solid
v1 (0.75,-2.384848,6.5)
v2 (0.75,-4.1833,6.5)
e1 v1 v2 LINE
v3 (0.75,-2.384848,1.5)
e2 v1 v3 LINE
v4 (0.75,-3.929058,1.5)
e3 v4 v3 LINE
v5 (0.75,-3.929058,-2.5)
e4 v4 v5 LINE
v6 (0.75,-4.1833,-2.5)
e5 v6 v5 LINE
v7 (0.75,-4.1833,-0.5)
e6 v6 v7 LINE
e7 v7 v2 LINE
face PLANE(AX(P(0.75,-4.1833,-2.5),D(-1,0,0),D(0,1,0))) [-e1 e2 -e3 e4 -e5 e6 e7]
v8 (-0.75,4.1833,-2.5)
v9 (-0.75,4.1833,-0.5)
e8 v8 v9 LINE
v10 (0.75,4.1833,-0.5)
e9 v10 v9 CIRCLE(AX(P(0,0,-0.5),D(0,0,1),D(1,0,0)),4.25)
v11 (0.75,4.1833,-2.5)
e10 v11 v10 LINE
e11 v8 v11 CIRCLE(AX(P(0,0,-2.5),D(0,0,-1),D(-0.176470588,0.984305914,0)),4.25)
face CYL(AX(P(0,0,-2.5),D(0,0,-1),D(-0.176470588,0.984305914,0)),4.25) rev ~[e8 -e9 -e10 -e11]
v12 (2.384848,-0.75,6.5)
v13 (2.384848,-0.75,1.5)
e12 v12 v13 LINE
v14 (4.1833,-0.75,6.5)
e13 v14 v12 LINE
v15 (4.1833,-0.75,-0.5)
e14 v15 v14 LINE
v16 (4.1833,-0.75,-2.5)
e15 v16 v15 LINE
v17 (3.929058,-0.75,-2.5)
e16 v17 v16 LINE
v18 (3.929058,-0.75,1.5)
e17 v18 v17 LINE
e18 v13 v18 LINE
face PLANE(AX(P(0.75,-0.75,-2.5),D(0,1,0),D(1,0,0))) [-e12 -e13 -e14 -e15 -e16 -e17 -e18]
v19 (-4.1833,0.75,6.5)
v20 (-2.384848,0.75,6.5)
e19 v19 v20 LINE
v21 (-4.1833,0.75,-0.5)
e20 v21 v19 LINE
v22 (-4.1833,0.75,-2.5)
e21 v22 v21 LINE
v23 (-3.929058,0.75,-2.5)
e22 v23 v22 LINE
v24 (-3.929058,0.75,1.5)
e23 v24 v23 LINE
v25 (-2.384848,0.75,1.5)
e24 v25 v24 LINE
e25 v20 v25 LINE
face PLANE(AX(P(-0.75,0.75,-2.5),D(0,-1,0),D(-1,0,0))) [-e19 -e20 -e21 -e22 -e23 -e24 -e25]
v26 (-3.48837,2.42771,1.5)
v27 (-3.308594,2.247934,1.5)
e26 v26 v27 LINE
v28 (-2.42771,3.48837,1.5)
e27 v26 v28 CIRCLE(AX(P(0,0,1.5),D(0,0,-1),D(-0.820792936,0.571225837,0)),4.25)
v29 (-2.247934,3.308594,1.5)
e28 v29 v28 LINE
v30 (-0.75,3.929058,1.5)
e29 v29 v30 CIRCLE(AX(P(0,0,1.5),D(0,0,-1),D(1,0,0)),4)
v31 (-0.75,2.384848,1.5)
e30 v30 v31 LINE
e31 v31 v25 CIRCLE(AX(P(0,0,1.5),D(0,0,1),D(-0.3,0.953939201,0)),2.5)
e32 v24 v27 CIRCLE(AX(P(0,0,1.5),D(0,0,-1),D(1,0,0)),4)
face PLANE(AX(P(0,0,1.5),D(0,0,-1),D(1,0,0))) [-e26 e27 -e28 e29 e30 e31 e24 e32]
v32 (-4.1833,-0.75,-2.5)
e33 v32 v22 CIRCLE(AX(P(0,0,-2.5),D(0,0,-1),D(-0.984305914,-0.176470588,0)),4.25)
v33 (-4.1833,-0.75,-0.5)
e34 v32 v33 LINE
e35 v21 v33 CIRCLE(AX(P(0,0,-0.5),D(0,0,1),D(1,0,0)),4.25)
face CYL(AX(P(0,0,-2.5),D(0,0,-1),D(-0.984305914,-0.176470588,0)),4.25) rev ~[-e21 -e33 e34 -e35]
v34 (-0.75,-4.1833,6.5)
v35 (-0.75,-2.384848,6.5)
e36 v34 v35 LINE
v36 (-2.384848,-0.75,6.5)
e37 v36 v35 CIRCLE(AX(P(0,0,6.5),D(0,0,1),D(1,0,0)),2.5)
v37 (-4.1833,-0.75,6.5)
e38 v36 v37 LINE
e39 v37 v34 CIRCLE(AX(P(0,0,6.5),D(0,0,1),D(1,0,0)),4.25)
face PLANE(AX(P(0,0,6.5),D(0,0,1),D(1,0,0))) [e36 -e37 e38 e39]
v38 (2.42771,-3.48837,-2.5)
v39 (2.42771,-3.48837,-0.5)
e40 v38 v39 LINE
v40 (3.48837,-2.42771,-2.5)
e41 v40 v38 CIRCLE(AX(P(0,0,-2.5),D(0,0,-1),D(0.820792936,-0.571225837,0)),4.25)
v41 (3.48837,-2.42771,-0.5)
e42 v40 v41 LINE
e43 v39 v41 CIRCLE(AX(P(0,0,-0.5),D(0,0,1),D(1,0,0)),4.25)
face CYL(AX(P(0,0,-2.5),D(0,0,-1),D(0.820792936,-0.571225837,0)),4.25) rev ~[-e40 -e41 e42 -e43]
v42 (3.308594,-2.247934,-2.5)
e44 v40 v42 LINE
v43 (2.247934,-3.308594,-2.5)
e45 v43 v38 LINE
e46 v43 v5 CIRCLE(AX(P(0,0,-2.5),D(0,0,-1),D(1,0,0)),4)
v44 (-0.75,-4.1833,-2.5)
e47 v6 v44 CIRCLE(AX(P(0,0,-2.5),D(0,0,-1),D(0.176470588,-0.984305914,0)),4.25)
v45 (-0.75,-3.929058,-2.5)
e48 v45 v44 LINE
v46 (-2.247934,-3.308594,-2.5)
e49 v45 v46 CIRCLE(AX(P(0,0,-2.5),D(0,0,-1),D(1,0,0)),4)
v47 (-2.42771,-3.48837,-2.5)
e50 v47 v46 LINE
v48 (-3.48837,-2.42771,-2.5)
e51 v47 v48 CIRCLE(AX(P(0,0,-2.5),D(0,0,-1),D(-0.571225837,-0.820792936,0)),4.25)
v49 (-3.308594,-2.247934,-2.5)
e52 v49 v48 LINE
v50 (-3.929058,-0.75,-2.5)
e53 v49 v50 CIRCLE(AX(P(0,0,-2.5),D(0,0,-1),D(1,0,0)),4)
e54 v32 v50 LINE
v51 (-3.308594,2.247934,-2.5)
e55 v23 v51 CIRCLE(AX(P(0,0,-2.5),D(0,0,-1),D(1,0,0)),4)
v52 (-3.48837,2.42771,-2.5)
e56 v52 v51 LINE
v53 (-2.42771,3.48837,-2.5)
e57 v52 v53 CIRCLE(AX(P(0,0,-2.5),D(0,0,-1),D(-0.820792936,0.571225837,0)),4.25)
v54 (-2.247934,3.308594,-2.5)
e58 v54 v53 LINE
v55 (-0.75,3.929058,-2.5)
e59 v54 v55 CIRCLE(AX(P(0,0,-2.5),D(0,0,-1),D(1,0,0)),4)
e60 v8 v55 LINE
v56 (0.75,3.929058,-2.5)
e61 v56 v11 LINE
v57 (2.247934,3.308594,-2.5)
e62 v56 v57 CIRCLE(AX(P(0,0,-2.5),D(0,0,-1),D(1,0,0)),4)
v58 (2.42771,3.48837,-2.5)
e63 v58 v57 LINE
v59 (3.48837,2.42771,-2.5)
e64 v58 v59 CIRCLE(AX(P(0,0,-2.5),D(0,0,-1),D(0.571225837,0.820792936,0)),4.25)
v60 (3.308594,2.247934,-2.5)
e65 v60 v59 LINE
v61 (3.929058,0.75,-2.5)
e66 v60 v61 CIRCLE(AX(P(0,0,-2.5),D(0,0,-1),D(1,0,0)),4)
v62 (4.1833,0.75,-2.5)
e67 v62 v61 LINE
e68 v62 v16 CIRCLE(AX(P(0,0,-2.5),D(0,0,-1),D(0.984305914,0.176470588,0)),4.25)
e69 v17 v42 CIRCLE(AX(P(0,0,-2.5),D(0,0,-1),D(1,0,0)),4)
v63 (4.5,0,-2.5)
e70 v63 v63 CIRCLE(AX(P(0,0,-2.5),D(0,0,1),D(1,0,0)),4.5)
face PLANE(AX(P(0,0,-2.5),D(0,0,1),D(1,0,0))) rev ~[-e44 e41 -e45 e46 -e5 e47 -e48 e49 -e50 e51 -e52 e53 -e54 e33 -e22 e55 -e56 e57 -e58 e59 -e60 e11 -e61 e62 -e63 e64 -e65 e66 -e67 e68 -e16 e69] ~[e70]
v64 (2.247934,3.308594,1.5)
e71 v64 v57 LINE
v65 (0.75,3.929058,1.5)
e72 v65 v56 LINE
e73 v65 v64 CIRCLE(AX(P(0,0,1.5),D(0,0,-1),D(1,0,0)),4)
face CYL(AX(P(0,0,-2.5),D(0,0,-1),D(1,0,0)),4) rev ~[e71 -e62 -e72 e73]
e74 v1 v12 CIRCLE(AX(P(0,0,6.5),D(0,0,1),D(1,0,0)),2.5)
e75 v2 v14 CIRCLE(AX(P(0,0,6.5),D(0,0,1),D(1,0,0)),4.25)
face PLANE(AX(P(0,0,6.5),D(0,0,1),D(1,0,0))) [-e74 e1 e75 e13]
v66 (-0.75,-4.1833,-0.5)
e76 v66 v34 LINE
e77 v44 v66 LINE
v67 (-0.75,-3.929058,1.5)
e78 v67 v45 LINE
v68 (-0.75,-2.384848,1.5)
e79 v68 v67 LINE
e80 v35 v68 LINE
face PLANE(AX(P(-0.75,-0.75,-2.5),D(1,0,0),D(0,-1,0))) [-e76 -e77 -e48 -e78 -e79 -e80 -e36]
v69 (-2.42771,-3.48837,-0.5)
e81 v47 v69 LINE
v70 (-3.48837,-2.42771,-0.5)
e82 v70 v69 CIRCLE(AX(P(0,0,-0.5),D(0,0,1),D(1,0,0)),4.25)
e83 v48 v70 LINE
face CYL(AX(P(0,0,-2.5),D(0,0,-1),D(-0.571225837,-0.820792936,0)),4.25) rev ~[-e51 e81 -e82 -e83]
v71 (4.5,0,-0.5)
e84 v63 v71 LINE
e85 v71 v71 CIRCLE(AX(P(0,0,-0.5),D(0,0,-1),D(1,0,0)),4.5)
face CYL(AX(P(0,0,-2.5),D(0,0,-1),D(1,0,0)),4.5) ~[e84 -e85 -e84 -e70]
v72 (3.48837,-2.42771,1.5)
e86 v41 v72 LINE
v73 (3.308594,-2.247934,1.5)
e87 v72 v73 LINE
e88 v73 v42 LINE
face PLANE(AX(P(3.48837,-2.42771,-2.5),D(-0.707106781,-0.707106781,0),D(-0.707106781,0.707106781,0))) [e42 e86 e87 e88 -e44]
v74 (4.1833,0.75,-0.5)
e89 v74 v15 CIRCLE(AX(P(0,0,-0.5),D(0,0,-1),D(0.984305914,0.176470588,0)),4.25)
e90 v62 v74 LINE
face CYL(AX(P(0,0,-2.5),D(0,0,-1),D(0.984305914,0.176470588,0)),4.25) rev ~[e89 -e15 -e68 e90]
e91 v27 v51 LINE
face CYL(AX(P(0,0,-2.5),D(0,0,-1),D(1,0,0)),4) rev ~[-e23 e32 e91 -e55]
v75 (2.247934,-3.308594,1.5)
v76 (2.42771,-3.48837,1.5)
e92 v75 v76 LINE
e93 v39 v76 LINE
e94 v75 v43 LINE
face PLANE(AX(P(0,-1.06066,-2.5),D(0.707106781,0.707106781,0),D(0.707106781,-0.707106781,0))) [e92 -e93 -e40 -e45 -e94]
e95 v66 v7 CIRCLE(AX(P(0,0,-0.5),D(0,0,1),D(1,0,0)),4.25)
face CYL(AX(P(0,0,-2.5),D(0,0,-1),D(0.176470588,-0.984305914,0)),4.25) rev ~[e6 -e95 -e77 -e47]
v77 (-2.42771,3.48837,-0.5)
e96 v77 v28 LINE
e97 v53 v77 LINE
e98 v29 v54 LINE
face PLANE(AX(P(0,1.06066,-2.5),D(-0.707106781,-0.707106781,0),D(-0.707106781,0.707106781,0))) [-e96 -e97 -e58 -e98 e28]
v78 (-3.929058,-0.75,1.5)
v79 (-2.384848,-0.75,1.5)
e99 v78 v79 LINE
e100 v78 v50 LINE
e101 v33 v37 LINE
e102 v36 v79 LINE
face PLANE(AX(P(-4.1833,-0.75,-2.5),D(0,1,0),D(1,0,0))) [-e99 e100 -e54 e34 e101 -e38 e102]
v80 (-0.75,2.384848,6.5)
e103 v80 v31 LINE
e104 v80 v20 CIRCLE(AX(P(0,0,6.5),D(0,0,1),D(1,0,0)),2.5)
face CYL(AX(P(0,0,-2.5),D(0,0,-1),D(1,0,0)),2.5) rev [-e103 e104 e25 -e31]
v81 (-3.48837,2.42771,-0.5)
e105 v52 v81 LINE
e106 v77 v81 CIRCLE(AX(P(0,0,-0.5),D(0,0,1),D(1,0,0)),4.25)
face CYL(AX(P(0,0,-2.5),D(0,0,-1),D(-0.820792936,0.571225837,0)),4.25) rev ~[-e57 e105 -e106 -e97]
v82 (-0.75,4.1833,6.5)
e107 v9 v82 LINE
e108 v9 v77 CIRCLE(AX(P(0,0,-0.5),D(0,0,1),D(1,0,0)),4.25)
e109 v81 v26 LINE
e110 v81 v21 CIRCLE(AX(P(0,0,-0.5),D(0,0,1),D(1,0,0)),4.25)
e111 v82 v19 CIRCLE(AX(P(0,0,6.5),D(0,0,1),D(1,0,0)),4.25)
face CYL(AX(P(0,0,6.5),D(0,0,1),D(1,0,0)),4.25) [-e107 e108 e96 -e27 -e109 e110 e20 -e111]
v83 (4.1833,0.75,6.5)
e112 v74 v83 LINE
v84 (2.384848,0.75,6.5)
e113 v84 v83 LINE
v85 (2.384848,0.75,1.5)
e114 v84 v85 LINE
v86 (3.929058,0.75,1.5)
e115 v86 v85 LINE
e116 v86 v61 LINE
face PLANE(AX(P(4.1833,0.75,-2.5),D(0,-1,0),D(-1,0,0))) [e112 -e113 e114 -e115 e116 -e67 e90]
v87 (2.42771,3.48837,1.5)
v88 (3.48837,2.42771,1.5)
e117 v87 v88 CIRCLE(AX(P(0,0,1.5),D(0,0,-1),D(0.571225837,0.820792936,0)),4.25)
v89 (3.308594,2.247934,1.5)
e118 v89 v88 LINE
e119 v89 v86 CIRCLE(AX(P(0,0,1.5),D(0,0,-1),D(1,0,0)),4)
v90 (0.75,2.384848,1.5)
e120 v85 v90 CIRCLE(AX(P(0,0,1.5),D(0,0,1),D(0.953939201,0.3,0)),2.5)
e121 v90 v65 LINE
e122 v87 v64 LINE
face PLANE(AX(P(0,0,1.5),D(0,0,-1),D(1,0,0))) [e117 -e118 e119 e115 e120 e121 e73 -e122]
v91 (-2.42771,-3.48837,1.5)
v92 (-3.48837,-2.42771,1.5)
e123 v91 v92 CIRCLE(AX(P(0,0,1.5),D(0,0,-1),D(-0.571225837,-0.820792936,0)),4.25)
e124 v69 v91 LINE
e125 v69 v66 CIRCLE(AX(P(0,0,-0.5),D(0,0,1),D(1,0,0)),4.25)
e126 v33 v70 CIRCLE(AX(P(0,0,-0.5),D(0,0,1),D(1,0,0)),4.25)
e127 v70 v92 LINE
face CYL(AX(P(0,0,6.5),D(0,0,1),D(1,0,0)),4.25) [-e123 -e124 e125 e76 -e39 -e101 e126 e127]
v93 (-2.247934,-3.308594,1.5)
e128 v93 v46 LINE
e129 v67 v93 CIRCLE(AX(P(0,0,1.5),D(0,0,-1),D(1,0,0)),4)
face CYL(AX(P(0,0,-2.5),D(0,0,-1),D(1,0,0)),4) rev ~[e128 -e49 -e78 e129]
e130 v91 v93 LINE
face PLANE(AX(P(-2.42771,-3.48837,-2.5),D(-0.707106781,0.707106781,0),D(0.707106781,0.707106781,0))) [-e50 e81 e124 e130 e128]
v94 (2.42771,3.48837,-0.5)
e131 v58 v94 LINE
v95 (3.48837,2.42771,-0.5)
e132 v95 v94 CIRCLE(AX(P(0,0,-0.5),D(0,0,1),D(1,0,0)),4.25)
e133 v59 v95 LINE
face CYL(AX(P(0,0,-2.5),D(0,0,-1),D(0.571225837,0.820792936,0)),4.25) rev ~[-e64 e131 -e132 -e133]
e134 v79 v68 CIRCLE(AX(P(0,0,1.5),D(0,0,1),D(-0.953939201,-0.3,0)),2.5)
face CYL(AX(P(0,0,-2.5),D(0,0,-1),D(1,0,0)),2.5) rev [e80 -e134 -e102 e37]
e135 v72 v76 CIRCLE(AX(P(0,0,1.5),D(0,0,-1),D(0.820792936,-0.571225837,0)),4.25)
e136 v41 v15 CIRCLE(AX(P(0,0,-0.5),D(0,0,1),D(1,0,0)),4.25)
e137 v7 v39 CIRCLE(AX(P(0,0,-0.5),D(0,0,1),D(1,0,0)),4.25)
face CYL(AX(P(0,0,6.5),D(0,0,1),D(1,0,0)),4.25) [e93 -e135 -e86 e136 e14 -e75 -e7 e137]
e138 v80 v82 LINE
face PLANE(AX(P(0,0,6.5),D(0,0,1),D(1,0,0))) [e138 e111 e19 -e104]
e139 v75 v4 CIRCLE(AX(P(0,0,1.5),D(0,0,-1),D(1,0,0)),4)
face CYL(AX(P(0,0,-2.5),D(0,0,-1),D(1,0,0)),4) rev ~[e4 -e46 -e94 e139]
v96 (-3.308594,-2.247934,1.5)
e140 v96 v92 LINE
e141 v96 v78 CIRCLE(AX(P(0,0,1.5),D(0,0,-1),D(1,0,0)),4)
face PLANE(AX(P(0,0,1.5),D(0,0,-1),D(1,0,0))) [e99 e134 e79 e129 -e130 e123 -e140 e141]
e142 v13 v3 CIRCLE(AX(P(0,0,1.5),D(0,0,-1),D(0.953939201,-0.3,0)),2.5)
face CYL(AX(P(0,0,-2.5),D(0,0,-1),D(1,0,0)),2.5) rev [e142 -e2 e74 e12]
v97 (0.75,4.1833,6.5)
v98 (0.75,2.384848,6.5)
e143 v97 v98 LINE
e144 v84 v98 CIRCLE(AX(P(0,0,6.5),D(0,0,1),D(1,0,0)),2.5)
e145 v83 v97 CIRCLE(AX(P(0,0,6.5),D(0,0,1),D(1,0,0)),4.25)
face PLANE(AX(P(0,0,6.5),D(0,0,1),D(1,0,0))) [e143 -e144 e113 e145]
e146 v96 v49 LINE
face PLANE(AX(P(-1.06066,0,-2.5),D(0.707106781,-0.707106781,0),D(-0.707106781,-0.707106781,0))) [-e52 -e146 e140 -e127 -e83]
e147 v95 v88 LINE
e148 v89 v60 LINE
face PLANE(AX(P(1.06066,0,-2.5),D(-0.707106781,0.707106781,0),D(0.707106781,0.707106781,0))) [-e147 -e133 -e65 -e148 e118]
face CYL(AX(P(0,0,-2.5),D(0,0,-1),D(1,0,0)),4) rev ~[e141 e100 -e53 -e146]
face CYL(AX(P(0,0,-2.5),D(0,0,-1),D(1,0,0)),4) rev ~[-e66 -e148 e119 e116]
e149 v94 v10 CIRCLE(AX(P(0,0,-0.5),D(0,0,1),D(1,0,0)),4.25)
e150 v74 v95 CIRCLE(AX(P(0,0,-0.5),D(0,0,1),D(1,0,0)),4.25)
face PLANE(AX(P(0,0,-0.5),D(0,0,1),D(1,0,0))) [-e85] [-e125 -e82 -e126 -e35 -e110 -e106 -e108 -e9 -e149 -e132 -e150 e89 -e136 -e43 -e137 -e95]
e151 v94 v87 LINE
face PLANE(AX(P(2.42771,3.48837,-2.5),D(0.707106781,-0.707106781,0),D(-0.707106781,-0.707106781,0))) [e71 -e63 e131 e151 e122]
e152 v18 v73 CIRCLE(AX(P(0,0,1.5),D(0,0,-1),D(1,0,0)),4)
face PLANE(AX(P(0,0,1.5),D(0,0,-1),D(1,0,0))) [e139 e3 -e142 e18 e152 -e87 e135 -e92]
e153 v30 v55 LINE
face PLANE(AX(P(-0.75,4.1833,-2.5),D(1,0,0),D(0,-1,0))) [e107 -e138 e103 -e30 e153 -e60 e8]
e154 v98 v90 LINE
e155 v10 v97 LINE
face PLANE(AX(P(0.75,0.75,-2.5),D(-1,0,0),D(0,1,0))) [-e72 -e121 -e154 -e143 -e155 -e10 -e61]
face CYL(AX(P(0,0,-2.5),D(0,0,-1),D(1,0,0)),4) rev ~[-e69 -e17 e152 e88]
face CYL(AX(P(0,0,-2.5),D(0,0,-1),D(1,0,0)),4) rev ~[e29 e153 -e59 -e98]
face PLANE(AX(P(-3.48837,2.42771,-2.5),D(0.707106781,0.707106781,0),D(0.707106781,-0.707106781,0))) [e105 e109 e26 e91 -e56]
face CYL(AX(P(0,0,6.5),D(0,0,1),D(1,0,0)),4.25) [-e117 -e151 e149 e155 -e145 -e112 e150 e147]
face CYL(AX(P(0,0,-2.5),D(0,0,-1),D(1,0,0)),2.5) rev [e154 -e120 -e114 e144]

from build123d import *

# Parameters (mm, degrees)
SKETCH016_R     = 4.5
SKETCH016_R_2   = 2.5
PAD011_DEPTH    = 9
SKETCH018_R     = 5.465451
SKETCH018_R_2   = 4.25
POCKET006_DEPTH = 7
SKETCH019_R     = 4
POCKET007_DEPTH = 4
POCKET008_DEPTH = 9.001
POCKET009_DEPTH = 4


with BuildPart() as part:
    # Sketch016 → Pad011 (new body)
    with BuildSketch(Plane.XY):
        Circle(SKETCH016_R)
        Circle(SKETCH016_R_2, mode=Mode.SUBTRACT)
    extrude(amount=PAD011_DEPTH)

    # Sketch018 (on Face4 of Pad011) → Pocket006 (cut)
    with BuildSketch(Plane.XY.offset(9)):
        Circle(SKETCH018_R)
        Circle(SKETCH018_R_2, mode=Mode.SUBTRACT)
    extrude(amount=-POCKET006_DEPTH, mode=Mode.SUBTRACT)

    # Sketch019 (on Face2 of Pocket006) → Pocket007 (cut)
    with BuildSketch(Plane(origin=(0, 0, 0), x_dir=(1, 0, 0), z_dir=(0, 0, -1))):
        Circle(SKETCH019_R)
    extrude(amount=-POCKET007_DEPTH, mode=Mode.SUBTRACT)

    # Sketch020 (on Face2 of Pocket007) → Pocket008 (cut, through all)
    with BuildSketch(Plane(origin=(0, 0, 0), x_dir=(1, 0, 0), z_dir=(0, 0, -1))):
        with BuildLine():
            ThreePointArc((0.75, 4.1833001327), (0, 4.25), (-0.75, 4.1833001327))
            Line((-0.75, 0.75), (-0.75, 4.1833001327))
            Line((-4.1833001327, 0.75), (-0.75, 0.75))
            ThreePointArc((-4.1833001327, 0.75), (-4.25, 0), (-4.1833001327, -0.75))
            Line((-0.75, -0.75), (-4.1833001327, -0.75))
            Line((-0.75, -4.1833001327), (-0.75, -0.75))
            ThreePointArc((-0.75, -4.1833001327), (0, -4.25), (0.75, -4.1833001327))
            Line((0.75, -0.75), (0.75, -4.1833001327))
            Line((4.1833001327, -0.75), (0.75, -0.75))
            ThreePointArc((4.1833001327, -0.75), (4.25, 0), (4.1833001327, 0.75))
            Line((0.75, 0.75), (4.1833001327, 0.75))
            Line((0.75, 4.1833001327), (0.75, 0.75))
        make_face()
    extrude(amount=-POCKET008_DEPTH, mode=Mode.SUBTRACT)

    # Sketch021 (on Face2 of Pocket008) → Pocket009 (cut)
    with BuildSketch(Plane(origin=(0, 0, 0), x_dir=(0.7071067812, -0.7071067812, 0), z_dir=(0, 0, -1))):
        with BuildLine():
            ThreePointArc((0.75, 4.1833001327), (0, 4.25), (-0.75, 4.1833001327))
            Line((-0.75, 0.75), (-0.75, 4.1833001327))
            Line((-4.1833001327, 0.75), (-0.75, 0.75))
            ThreePointArc((-4.1833001327, 0.75), (-4.25, 0), (-4.1833001327, -0.75))
            Line((-0.75, -0.75), (-4.1833001327, -0.75))
            Line((-0.75, -4.1833001327), (-0.75, -0.75))
            ThreePointArc((-0.75, -4.1833001327), (0, -4.25), (0.75, -4.1833001327))
            Line((0.75, -0.75), (0.75, -4.1833001327))
            Line((4.1833001327, -0.75), (0.75, -0.75))
            ThreePointArc((4.1833001327, -0.75), (4.25, 0), (4.1833001327, 0.75))
            Line((0.75, 0.75), (4.1833001327, 0.75))
            Line((0.75, 4.1833001327), (0.75, 0.75))
        make_face()
    extrude(amount=-POCKET009_DEPTH, mode=Mode.SUBTRACT)


with BuildPart() as part_1:
    # Body006 placement: moved
    add(part.part.moved(Location((0, 0, -2.5))))


solid = part_1.part
